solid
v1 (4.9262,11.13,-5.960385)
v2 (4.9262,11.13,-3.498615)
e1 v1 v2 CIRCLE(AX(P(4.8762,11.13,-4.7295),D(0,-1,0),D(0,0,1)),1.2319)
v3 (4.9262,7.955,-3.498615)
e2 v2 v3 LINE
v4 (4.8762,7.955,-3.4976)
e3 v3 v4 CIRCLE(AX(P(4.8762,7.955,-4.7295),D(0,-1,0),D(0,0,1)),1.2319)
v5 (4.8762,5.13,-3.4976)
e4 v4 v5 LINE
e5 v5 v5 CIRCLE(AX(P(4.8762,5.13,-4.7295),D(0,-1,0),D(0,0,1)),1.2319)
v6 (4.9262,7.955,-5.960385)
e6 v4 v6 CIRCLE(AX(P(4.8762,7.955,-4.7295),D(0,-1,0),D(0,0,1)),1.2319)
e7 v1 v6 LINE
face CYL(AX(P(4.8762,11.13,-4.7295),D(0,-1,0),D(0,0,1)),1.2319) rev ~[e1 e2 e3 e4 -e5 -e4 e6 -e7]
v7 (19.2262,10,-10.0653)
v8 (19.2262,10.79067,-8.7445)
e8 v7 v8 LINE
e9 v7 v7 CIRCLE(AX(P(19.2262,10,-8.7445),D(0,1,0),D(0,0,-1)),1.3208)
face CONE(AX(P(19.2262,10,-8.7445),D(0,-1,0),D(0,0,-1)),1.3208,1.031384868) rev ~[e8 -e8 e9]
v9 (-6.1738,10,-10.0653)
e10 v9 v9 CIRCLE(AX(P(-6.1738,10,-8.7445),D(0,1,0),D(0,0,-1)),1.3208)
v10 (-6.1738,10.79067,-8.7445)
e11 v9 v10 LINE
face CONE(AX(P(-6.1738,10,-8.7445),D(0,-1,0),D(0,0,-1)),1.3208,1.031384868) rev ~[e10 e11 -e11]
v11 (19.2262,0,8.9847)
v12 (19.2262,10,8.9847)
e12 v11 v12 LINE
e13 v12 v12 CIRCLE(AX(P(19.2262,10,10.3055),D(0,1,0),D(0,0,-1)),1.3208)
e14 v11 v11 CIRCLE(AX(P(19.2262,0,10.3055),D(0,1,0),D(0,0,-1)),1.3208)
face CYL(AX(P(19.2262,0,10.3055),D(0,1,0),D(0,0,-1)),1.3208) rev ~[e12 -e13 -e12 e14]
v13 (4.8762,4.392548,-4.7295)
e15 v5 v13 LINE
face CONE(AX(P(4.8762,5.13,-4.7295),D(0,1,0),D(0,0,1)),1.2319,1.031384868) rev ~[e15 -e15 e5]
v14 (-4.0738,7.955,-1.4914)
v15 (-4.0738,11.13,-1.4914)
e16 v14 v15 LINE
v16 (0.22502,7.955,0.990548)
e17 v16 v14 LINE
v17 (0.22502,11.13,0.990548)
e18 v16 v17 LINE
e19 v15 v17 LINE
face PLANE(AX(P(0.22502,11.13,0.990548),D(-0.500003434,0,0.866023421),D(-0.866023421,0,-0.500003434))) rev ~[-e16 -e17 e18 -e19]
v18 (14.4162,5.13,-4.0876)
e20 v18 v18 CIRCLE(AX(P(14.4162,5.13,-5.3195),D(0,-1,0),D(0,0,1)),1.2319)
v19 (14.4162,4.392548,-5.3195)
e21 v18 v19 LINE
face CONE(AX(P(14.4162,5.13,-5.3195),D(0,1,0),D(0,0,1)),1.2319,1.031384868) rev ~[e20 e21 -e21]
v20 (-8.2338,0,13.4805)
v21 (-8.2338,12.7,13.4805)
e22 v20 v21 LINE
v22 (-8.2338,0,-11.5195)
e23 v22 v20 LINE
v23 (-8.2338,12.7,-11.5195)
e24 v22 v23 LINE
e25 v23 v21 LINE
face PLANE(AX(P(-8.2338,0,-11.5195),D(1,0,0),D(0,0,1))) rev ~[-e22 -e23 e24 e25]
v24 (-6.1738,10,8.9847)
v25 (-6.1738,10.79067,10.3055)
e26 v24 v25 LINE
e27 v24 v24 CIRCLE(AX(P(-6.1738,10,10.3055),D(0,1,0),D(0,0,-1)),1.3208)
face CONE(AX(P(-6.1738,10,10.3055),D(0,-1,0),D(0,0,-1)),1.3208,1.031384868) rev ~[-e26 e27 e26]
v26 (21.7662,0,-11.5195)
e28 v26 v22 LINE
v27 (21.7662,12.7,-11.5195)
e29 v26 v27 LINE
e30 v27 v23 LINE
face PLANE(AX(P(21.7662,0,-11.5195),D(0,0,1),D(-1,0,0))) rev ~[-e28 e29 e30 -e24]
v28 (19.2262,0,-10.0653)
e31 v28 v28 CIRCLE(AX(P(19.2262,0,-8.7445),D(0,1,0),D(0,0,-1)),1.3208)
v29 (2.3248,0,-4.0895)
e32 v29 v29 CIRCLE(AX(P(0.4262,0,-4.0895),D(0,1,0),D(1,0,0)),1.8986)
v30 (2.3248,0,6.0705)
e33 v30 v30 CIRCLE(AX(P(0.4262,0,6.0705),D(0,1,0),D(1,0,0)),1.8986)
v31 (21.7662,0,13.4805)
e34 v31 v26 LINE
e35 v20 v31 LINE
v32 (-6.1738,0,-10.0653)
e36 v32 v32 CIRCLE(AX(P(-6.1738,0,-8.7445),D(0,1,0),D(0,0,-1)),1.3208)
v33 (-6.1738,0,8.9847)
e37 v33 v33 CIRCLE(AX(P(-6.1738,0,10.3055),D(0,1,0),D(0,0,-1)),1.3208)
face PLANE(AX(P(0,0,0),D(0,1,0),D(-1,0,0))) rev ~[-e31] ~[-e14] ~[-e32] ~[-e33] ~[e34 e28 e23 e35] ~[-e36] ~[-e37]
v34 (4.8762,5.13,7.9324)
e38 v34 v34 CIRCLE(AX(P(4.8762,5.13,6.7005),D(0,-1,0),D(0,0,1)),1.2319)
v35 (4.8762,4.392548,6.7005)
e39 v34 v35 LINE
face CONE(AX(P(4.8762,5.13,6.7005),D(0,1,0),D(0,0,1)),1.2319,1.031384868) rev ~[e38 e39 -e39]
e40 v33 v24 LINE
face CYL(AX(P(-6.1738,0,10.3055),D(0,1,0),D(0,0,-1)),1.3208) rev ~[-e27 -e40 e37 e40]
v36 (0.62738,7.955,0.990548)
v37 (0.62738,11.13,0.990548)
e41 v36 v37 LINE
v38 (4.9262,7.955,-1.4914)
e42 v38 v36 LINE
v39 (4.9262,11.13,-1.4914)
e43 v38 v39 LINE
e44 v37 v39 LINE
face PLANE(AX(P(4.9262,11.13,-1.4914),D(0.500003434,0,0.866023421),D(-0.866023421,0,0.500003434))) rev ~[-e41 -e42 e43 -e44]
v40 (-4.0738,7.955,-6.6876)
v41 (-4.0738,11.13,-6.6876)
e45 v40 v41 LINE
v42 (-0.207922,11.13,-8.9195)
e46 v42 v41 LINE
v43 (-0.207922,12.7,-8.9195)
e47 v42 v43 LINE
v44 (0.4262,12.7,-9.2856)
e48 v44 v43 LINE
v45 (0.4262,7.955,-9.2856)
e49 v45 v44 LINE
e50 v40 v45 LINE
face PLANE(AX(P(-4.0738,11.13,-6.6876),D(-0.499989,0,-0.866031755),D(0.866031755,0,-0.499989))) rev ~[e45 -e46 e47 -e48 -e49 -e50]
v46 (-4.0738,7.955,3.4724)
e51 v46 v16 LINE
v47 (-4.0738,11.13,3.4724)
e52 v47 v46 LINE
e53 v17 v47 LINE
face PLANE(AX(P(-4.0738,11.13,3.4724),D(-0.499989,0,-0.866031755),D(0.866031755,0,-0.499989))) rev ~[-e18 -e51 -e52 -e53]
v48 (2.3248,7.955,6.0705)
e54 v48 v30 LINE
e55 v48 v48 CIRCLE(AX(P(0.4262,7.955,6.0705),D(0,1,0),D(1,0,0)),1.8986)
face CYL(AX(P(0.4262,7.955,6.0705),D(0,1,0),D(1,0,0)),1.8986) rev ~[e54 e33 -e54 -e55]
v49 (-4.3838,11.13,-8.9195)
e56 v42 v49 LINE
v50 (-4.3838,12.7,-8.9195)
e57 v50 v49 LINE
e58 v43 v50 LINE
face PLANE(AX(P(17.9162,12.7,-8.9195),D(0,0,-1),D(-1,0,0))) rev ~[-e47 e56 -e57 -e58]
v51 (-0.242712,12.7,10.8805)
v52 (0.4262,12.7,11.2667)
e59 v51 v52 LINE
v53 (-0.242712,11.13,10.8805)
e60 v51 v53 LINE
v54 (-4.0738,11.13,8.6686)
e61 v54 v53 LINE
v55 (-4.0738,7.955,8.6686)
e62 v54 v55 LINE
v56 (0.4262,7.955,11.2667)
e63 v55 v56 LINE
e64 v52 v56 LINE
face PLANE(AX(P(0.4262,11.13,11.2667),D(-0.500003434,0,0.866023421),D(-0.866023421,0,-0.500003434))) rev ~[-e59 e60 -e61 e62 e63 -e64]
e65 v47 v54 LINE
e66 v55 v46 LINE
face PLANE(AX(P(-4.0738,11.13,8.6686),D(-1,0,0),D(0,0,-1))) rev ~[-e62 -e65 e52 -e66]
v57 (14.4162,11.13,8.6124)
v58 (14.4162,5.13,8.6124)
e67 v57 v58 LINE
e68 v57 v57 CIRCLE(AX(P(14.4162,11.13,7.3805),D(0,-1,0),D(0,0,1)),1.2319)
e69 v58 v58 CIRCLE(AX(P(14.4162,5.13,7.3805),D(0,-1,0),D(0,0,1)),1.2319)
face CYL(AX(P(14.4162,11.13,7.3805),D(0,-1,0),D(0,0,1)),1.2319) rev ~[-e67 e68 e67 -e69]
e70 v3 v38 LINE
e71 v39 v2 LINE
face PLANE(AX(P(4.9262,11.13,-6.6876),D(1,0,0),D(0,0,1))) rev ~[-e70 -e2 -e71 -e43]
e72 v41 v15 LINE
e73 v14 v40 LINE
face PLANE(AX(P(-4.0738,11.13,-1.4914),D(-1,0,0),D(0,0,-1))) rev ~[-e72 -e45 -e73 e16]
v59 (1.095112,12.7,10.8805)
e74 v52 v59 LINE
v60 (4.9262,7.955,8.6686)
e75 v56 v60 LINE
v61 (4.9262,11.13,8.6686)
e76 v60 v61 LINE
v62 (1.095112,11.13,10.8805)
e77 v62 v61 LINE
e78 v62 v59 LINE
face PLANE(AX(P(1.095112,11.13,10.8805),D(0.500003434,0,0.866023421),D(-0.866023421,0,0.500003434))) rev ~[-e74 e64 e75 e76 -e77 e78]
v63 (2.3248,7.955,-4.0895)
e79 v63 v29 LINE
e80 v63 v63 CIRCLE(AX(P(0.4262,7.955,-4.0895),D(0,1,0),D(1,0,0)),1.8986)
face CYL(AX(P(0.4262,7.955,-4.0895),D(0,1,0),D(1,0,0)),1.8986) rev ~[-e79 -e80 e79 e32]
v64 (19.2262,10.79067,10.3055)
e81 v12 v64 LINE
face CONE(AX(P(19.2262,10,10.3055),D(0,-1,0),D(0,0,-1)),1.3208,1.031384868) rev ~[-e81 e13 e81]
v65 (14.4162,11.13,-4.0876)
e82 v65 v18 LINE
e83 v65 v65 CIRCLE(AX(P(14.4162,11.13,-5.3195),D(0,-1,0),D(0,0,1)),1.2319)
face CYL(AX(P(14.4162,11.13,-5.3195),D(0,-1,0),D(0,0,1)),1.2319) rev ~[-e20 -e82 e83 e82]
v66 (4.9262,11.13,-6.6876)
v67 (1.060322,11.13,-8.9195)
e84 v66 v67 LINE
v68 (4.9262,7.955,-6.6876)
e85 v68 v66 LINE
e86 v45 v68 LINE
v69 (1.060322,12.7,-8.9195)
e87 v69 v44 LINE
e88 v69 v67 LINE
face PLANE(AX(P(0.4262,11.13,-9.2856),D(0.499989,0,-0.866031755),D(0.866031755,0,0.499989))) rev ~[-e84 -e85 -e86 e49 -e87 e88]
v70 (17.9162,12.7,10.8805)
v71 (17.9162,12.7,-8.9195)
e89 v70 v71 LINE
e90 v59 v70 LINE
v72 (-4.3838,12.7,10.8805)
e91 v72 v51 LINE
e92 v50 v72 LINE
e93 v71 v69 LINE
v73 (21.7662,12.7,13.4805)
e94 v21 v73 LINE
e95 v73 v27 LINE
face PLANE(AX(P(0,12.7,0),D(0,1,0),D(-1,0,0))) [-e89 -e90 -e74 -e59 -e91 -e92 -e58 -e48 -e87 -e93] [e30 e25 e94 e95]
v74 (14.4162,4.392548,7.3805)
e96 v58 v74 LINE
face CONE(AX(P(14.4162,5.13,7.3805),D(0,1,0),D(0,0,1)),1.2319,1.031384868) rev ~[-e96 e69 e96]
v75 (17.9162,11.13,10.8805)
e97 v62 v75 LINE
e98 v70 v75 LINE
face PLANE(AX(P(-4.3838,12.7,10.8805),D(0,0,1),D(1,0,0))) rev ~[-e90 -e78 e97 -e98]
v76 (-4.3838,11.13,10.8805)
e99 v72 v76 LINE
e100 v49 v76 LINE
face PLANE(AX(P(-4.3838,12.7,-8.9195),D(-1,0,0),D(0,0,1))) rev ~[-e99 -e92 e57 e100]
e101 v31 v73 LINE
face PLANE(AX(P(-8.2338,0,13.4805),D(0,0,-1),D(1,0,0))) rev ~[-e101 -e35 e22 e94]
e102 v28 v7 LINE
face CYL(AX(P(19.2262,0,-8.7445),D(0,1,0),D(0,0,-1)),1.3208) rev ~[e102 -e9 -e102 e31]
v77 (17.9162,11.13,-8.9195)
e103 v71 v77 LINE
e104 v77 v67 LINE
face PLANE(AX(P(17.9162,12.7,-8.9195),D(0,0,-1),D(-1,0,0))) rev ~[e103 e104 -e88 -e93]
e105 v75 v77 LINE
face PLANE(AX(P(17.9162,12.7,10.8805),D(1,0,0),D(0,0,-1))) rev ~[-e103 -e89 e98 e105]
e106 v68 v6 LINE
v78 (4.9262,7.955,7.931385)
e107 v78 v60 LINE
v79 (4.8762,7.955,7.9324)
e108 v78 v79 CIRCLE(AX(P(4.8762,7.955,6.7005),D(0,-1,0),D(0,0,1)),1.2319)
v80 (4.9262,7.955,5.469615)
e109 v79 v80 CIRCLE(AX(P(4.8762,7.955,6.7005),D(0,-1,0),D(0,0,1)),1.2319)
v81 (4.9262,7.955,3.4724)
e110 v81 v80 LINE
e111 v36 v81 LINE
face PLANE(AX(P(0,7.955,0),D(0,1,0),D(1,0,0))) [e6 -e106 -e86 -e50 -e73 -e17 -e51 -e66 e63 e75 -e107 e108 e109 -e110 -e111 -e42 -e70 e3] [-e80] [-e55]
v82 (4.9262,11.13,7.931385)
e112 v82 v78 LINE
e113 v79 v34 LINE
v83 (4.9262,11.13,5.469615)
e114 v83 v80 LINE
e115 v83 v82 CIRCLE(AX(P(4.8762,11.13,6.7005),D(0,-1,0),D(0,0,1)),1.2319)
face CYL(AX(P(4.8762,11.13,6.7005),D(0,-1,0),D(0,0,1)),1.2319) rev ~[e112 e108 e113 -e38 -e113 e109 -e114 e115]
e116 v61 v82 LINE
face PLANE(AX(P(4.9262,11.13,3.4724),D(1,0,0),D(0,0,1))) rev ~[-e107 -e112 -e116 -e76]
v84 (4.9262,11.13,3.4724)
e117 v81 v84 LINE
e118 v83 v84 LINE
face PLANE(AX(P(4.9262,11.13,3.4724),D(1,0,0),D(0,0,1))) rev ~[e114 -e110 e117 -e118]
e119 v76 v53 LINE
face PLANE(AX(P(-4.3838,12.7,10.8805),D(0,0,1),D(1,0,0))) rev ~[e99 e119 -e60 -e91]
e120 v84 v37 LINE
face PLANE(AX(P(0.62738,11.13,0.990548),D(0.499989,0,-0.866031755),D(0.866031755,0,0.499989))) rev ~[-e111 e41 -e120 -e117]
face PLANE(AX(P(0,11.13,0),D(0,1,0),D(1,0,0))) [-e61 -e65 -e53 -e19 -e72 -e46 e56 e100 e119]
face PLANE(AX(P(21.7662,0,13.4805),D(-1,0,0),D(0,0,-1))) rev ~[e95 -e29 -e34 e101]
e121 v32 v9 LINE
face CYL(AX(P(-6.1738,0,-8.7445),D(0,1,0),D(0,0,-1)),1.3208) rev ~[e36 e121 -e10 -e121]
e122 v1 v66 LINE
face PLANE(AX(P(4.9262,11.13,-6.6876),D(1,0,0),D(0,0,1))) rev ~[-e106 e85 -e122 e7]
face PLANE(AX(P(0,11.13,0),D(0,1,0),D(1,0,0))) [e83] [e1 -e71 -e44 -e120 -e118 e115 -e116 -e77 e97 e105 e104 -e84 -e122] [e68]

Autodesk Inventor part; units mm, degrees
ref_plane "YZ Plane" through (0, 0, 0) normal (1, 0, 0) x (0, 1, 0)
ref_plane "XZ Plane" through (0, 0, 0) normal (0, 1, 0) x (-1, 0, 0)
ref_plane "XY Plane" through (0, 0, 0) normal (0, 0, 1) x (1, 0, 0)
sketch "Sketch1" plane through (0, 0, 0) normal (0, 1, 0) x (-1, 0, 0)
  line L0 (8.2338, 13.4805) -> (-21.7662, 13.4805)
  line L1 (-21.7662, 13.4805) -> (-21.7662, -11.5195)
  line L2 (-21.7662, -11.5195) -> (8.2338, -11.5195)
  line L3 (8.2338, -11.5195) -> (8.2338, 13.4805)
  point P0 (0, 0)
  dimension "d0" = 25
  dimension "d1" = 30
extrude "Extrusion1" add sketch "Sketch1" along normal blind 12.7
sketch "Sketch2" plane through (0, 0, 0) normal (0, -1, 0) x (1, 0, 0)
  line L0 (-8.2338, 13.4805) -> (21.7662, 13.4805) projected
  line L1 (21.7662, 13.4805) -> (21.7662, -11.5195) projected
  point P0 (0, 0)
  point P1 (19.2262, 10.3055)
  point P2 (19.2262, -8.7445)
  point P3 (-6.1738, -8.7445)
  point P4 (-6.1738, 10.3055)
  dimension "d4" = 3.175
  dimension "d5" = 2.54
  dimension "d6" = 19.05
  dimension "d7" = 2.54
  dimension "d8" = 25.4
  dimension "d9" = 3.175
  dimension "d10" = 19.05
  dimension "d11" = 0
hole "Hole1" at (19.2262, 0, 10.3055) at (19.2262, 0, -8.7445) at (-6.1738, 0, -8.7445) at (-6.1738, 0, 10.3055) direction (0, 1, 0) diameter 2.6416 depth 10 tip angle 118.188 thread size "6-32 UNC" class "2B" standard "ANSI Unified Screw Threads"
sketch "Sketch3" plane through (0, 12.7, 0) normal (0, 1, 0) x (1, 0, 0)
  line L0 (-4.3838, -10.8805) -> (17.9162, -10.8805)
  line L1 (17.9162, -10.8805) -> (17.9162, 8.9195)
  line L2 (17.9162, 8.9195) -> (-4.3838, 8.9195)
  line L3 (-4.3838, 8.9195) -> (-4.3838, -10.8805)
  line L4 (-8.2338, 11.5195) -> (-8.2338, -13.4805) projected
  line L5 (21.7662, 11.5195) -> (-8.2338, 11.5195) projected
  point P0 (0, 0)
  dimension "d19" = 19.8
  dimension "d20" = 22.3
  dimension "d22" = 3.85
  dimension "d23" = 2.6
extrude "Extrusion2" cut sketch "Sketch3" against normal blind 1.57
sketch "Sketch4" plane through (0, 11.13, 0) normal (0, 1, 0) x (1, 0, 0)
  line L0 (-4.3838, -10.8805) -> (-4.3838, 8.9195) projected
  line L1 (17.9162, -10.8805) -> (-4.3838, -10.8805) projected
  line L2 (17.9162, 8.9195) -> (17.9162, -10.8805) projected
  point P0 (0, 0)
  point P1 (14.4162, -7.3805)
  point P2 (14.4162, 5.3195)
  point P3 (4.8762, 4.7295)
  point P4 (4.8762, -6.7005)
  dimension "d28" = 0
  dimension "d30" = 9.26
  dimension "d31" = 4.18
  dimension "d32" = 11.43
  dimension "d33" = 3.5
  dimension "d34" = 3.5
  dimension "d35" = 3.5
  dimension "d36" = 12.7
hole "Hole2" at (14.4162, 11.13, 7.3805) at (14.4162, 11.13, -5.3195) at (4.8762, 11.13, -4.7295) at (4.8762, 11.13, 6.7005) direction (0, -1, 0) diameter 2.4638 depth 6 tip angle 118.188
sketch "Sketch5" plane through (0, 11.13, 0) normal (0, 1, 0) x (1, 0, 0)
  line L0 (17.9162, -10.8805) -> (-4.3838, -10.8805) projected
  line L1 (-4.3838, -10.8805) -> (-4.3838, 8.9195) projected
  line L2 (0.4262, -0.8744) -> (4.9262, -3.4724)
  line L3 (4.9262, -3.4724) -> (4.9262, -8.6686)
  line L4 (4.9262, -8.6686) -> (0.4262, -11.2667)
  line L5 (0.4262, -11.2667) -> (-4.0738, -8.6686)
  line L6 (-4.0738, -8.6686) -> (-4.0738, -3.4724)
  line L7 (-4.0738, -3.4724) -> (0.4262, -0.8744)
  line L8 (0.4262, -1.1067) -> (-4.0738, 1.4914)
  line L9 (-4.0738, 1.4914) -> (-4.0738, 6.6876)
  line L10 (-4.0738, 6.6876) -> (0.4262, 9.2856)
  line L11 (0.4262, 9.2856) -> (4.9262, 6.6876)
  line L12 (4.9262, 6.6876) -> (4.9262, 1.4914)
  line L13 (4.9262, 1.4914) -> (0.4262, -1.1067)
  point P0 (0.4262, -6.0705)
  point P1 (0.4262, 4.0895)
  point P2 (0.4262, -6.0705)
  point P3 (0.4262, 4.0895)
  dimension "d49" = 4.81
  dimension "d50" = 4.81
  dimension "d51" = 10.16
  dimension "d52" = 0
  dimension "d53" = 9
  dimension "d54" = 9
extrude "Extrusion3" cut sketch "Sketch5" along normal mid plane 6.35
sketch "Sketch7" plane through (0, 7.955, 0) normal (0, 1, 0) x (1, 0, 0)
  line L0 (0.2251, -0.9905) -> (-4.0738, 1.4914) projected
  line L1 (-4.0738, -3.4724) -> (0.2251, -0.9905) projected
  line L2 (-4.0738, -8.6686) -> (-4.0738, -3.4724) projected
  line L3 (-0.2426, -10.8805) -> (-4.0738, -8.6686) projected
  line L4 (4.9262, -8.6686) -> (1.0951, -10.8805) projected
  line L5 (4.9262, -7.9314) -> (4.9262, -8.6686) projected
  line L6 (4.9262, -3.4724) -> (4.9262, -5.4696) projected
  line L7 (0.6274, -0.9905) -> (4.9262, -3.4724) projected
  line L8 (4.9262, 1.4914) -> (0.6274, -0.9905) projected
  line L9 (4.9262, 3.4986) -> (4.9262, 1.4914) projected
  line L10 (4.9262, 6.6876) -> (4.9262, 5.9604) projected
  line L11 (1.0604, 8.9195) -> (4.9262, 6.6876) projected
  line L12 (-4.0738, 6.6876) -> (-0.208, 8.9195) projected
  line L13 (-4.0738, 1.4914) -> (-4.0738, 6.6876) projected
  circle A0 centre (0.4262, -6.0705) radius 1.8986
  circle A1 centre (0.4262, 4.0895) radius 1.8986
  point P0 (0, 0)
  dimension "d57" = 3.7973
  dimension "d58" = 3.7973
extrude "Extrusion4" cut sketch "Sketch7" against normal blind 25.4
properties part number "CurrentMonitorBlock"
